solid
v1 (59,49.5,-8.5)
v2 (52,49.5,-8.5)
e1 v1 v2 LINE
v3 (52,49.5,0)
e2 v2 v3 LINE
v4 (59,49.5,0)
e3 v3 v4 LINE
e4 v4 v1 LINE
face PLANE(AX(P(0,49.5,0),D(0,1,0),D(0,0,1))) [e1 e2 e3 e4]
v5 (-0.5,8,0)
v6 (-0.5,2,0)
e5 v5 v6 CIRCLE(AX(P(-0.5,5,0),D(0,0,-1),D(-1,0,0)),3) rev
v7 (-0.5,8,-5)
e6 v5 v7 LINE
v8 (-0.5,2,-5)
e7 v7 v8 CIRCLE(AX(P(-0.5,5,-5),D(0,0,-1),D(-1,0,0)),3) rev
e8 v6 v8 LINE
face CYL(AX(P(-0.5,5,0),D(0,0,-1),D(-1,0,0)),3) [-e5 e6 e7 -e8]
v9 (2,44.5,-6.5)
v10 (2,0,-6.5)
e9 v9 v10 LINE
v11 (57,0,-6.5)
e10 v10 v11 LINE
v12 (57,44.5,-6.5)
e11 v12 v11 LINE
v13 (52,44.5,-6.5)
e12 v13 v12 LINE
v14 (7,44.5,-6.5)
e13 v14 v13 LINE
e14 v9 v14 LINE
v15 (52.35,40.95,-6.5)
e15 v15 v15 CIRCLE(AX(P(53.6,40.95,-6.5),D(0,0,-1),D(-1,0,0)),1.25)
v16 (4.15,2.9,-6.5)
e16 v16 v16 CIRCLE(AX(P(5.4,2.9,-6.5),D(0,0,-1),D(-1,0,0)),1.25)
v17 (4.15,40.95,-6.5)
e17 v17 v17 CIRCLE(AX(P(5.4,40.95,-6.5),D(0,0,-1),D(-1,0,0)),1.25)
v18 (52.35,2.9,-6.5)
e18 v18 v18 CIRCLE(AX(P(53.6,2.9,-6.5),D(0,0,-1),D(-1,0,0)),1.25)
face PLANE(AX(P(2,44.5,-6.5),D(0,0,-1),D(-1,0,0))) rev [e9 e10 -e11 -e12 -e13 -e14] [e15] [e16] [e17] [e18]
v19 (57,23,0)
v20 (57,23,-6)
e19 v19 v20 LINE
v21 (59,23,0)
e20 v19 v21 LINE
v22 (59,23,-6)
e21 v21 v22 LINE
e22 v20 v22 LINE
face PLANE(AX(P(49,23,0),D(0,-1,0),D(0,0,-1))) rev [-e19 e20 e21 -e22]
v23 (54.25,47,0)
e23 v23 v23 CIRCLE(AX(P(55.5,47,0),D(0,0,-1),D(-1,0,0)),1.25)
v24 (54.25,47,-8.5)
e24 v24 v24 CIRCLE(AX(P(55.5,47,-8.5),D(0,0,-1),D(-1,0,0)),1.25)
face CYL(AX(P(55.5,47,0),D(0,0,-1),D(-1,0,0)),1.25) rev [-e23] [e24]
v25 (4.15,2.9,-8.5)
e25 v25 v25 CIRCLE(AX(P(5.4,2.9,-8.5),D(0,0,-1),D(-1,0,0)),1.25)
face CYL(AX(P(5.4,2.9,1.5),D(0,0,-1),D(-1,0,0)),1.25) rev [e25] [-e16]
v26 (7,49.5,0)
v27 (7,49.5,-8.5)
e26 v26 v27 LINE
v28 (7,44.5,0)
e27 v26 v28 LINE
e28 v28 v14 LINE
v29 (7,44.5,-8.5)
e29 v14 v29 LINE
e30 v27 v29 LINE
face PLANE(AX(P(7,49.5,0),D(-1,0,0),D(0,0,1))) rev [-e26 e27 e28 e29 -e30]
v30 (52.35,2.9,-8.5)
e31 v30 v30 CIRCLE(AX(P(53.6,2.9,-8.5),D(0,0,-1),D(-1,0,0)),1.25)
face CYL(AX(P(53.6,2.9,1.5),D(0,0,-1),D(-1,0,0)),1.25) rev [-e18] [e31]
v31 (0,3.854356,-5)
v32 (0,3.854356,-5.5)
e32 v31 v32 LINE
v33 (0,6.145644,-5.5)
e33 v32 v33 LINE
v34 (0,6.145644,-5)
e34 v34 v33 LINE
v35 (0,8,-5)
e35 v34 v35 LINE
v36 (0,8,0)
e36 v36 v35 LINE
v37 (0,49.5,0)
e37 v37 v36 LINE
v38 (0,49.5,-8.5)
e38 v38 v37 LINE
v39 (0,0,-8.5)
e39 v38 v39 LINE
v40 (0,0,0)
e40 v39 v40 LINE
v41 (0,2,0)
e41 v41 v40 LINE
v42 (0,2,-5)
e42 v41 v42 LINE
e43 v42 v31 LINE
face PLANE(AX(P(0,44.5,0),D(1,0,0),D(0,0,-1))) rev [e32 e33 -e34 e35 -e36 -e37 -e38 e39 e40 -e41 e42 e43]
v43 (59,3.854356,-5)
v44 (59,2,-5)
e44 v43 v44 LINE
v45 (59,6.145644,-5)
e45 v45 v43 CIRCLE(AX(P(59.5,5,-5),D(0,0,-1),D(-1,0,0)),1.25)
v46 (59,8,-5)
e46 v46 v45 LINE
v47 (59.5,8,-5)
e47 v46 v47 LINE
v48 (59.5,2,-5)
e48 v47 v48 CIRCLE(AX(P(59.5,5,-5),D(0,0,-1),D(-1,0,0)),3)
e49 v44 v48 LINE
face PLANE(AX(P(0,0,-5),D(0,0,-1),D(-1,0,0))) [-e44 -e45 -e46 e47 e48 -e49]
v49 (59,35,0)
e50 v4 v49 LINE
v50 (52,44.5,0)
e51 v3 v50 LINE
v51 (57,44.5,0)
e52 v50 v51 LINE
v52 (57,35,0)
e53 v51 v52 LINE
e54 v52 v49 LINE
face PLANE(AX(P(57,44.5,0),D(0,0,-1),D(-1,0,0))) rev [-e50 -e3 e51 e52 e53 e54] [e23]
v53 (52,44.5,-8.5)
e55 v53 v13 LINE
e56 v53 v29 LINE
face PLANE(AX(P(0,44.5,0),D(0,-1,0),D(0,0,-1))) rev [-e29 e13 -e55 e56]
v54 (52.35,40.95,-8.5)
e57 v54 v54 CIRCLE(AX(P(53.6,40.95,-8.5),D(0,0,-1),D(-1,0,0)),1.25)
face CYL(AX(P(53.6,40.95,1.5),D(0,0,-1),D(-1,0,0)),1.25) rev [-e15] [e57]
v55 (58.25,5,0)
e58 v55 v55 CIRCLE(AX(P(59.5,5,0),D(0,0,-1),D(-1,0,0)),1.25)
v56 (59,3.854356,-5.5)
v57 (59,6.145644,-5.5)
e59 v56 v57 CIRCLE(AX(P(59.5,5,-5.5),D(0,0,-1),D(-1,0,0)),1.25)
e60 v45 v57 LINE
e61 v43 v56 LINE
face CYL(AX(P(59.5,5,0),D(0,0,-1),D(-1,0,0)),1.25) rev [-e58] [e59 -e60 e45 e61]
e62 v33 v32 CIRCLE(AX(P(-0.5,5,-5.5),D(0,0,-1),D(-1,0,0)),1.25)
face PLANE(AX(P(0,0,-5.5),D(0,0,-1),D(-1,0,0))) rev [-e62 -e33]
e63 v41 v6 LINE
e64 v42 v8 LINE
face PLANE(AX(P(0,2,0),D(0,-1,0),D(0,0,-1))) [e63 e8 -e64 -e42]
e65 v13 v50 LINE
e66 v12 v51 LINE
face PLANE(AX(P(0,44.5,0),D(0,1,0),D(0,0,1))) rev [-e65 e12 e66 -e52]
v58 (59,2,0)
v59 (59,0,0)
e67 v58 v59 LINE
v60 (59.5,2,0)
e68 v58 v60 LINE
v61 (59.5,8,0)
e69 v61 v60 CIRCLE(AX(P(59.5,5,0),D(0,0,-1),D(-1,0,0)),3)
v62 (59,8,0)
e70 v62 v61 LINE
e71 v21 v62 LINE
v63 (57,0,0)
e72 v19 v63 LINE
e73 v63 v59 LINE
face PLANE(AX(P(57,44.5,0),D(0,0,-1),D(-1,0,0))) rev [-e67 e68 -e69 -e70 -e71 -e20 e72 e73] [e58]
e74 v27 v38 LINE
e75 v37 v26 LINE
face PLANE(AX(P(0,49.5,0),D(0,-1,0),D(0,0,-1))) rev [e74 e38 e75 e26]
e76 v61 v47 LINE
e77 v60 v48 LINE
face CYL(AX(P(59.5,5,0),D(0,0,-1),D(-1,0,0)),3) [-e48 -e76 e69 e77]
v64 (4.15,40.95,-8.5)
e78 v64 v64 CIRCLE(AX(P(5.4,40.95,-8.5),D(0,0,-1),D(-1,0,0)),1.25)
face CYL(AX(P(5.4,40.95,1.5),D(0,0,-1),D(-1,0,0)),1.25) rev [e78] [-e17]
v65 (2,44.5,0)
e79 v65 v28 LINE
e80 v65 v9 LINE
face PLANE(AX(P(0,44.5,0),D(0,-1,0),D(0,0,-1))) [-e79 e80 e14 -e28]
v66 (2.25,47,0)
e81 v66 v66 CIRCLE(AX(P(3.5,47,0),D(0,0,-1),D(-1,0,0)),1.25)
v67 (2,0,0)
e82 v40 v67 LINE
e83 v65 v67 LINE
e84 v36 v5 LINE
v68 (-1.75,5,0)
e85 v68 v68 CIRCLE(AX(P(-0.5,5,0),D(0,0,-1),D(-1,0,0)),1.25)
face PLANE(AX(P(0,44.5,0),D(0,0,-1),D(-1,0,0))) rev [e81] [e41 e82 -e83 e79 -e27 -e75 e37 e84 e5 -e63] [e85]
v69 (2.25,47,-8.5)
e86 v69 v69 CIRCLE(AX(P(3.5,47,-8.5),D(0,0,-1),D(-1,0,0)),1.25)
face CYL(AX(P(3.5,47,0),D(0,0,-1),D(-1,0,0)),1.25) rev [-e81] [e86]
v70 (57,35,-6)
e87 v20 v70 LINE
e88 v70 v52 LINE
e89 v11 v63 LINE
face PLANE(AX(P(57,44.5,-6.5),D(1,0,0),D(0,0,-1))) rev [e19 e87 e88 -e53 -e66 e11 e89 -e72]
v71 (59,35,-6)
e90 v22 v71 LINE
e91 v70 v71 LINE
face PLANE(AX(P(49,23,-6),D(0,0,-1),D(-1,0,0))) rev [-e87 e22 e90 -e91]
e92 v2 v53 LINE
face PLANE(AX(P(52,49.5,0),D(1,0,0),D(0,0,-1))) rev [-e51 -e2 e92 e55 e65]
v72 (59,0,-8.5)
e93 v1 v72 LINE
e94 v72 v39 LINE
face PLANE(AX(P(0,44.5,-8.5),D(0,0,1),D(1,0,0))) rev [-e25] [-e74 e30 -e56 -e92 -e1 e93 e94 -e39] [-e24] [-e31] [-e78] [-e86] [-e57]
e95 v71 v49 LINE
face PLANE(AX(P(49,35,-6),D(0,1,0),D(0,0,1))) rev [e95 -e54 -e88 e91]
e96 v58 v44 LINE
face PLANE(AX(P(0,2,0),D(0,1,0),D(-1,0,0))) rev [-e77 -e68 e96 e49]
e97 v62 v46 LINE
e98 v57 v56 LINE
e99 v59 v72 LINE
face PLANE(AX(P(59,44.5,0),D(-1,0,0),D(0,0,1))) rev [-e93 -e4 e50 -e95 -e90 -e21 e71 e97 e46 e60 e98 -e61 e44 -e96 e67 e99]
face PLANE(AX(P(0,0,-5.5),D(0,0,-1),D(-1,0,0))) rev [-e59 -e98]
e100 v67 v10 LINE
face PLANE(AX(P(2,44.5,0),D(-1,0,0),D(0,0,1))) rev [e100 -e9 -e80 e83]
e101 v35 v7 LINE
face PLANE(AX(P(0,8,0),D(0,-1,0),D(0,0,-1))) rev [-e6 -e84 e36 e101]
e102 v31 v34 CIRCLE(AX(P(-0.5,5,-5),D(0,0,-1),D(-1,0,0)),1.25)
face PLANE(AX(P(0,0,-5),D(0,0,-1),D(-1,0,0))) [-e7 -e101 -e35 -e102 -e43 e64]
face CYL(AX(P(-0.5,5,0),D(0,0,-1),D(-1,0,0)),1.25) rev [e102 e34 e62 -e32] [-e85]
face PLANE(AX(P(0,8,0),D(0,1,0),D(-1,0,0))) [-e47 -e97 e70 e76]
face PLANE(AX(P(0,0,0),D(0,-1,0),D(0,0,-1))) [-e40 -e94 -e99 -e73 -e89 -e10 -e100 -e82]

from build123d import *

# Parameters (mm, degrees)
BOSS_EXTRUDE1_DEPTH = 44.5
SKETCH2_W           = 6
SKETCH2_H           = 12
CUT_EXTRUDE1_DEPTH  = 10
BOSS_EXTRUDE2_DEPTH = 8.5
CUT_EXTRUDE2_DEPTH  = 11
SKETCH4_W           = 7
SKETCH4_H           = 8.5
BOSS_EXTRUDE3_DEPTH = 5
SKETCH5_R           = 1.25
CUT_EXTRUDE3_DEPTH  = 81.179486155
SKETCH7_R           = 1.25
CUT_EXTRUDE4_DEPTH  = 10
CUT_EXTRUDE6_DEPTH  = 3.5
BOSS_EXTRUDE4_DEPTH = 3


with BuildPart() as part:
    # Sketch1 → Boss-Extrude1 (new body)
    with BuildSketch(Plane(origin=(0, 0, 0), x_dir=(1, 0, 0), z_dir=(0, 1, 0))):
        Polygon((0, 0), (2, 0), (2, 6.5), (57, 6.5), (57, 0), (59, 0), (59, 8.5), (0, 8.5), align=None)
    extrude(amount=BOSS_EXTRUDE1_DEPTH)

    # Sketch2 → Cut-Extrude1 (cut)
    with BuildSketch(Plane(origin=(59, 0, 0), x_dir=(0, 0, -1), z_dir=(1, 0, 0))):
        with Locations((3, 29)):
            Rectangle(SKETCH2_W, SKETCH2_H)
    extrude(amount=-CUT_EXTRUDE1_DEPTH, mode=Mode.SUBTRACT)

    # Sketch3 → Boss-Extrude2 (add)
    with BuildSketch(Plane(origin=(0, 0, -8.5), x_dir=(-1, 0, 0), z_dir=(0, 0, -1))):
        with BuildLine():
            Line((-59, 6.145643924), (-59, 8))
            Line((-59, 8), (-59.5, 8))
            ThreePointArc((-59.5, 8), (-62.5, 5), (-59.5, 2))
            Line((-59.5, 2), (-59, 2))
            Line((-59, 2), (-59, 3.854356076))
            ThreePointArc((-59, 3.854356076), (-60.75, 5), (-59, 6.145643924))
        make_face()
        with BuildLine():
            Line((0.5, 8), (0, 8))
            Line((0, 8), (0, 6.145643924))
            ThreePointArc((0, 6.145643924), (1.75, 5), (0, 3.854356076))
            Line((0, 3.854356076), (0, 2))
            Line((0, 2), (0.5, 2))
            ThreePointArc((0.5, 2), (3.5, 5), (0.5, 8))
        make_face()
    extrude(amount=-BOSS_EXTRUDE2_DEPTH)

    # Sketch3<3> → Cut-Extrude2 (cut)
    with BuildSketch(Plane(origin=(0, 0, -8.5), x_dir=(-1, 0, 0), z_dir=(0, 0, -1))):
        with BuildLine():
            ThreePointArc((-59, 3.854356076), (-58.25, 5), (-59, 6.145643924))
            Line((-59, 6.145643924), (-59, 3.854356076))
        make_face()
        with BuildLine():
            Line((0, 3.854356076), (0, 6.145643924))
            ThreePointArc((0, 6.145643924), (-0.75, 5), (0, 3.854356076))
        make_face()
    extrude(amount=-CUT_EXTRUDE2_DEPTH, mode=Mode.SUBTRACT)

    # Sketch4 → Boss-Extrude3 (add)
    with BuildSketch(Plane(origin=(0, 44.5, 0), x_dir=(1, 0, 0), z_dir=(0, 1, 0))):
        with Locations((3.5, 4.25)):
            Rectangle(SKETCH4_W, SKETCH4_H)
        with Locations((55.5, 4.25)):
            Rectangle(SKETCH4_W, SKETCH4_H)
    extrude(amount=BOSS_EXTRUDE3_DEPTH)

    # Sketch5 → Cut-Extrude3 (cut, through all)
    with BuildSketch(Plane(origin=(0, 0, -8.5), x_dir=(-1, 0, 0), z_dir=(0, 0, -1))):
        with Locations((-55.5, 47)):
            Circle(SKETCH5_R)
        with Locations((-3.5, 47)):
            Circle(SKETCH5_R)
    extrude(amount=-CUT_EXTRUDE3_DEPTH, mode=Mode.SUBTRACT)

    # Sketch7 → Cut-Extrude4 (cut)
    with BuildSketch(Plane(origin=(0, 0, -8.5), x_dir=(-1, 0, 0), z_dir=(0, 0, -1))):
        with Locations((-5.4, 2.9)):
            Circle(SKETCH7_R)
        with Locations((-53.6, 2.9)):
            Circle(SKETCH7_R)
        with Locations((-53.6, 40.95)):
            Circle(SKETCH7_R)
        with Locations((-5.4, 40.95)):
            Circle(SKETCH7_R)
    extrude(amount=-CUT_EXTRUDE4_DEPTH, mode=Mode.SUBTRACT)

    # Sketch3<4> → Cut-Extrude6 (cut)
    with BuildSketch(Plane(origin=(0, 0, -8.5), x_dir=(-1, 0, 0), z_dir=(0, 0, -1))):
        with BuildLine():
            Line((-59, 6.145643924), (-59, 8))
            Line((-59, 8), (-59.5, 8))
            ThreePointArc((-59.5, 8), (-62.5, 5), (-59.5, 2))
            Line((-59.5, 2), (-59, 2))
            Line((-59, 2), (-59, 3.854356076))
            ThreePointArc((-59, 3.854356076), (-60.75, 5), (-59, 6.145643924))
        make_face()
        with BuildLine():
            Line((0.5, 8), (0, 8))
            Line((0, 8), (0, 6.145643924))
            ThreePointArc((0, 6.145643924), (1.75, 5), (0, 3.854356076))
            Line((0, 3.854356076), (0, 2))
            Line((0, 2), (0.5, 2))
            ThreePointArc((0.5, 2), (3.5, 5), (0.5, 8))
        make_face()
    extrude(amount=-CUT_EXTRUDE6_DEPTH, mode=Mode.SUBTRACT)

    # Sketch3<5> → Boss-Extrude4 (add)
    with BuildSketch(Plane(origin=(0, 0, -8.5), x_dir=(-1, 0, 0), z_dir=(0, 0, -1))):
        with BuildLine():
            ThreePointArc((-59, 3.854356076), (-58.25, 5), (-59, 6.145643924))
            Line((-59, 6.145643924), (-59, 3.854356076))
        make_face()
        with BuildLine():
            Line((0, 3.854356076), (0, 6.145643924))
            ThreePointArc((0, 6.145643924), (-0.75, 5), (0, 3.854356076))
        make_face()
    extrude(amount=-BOSS_EXTRUDE4_DEPTH)


solid = part.part
